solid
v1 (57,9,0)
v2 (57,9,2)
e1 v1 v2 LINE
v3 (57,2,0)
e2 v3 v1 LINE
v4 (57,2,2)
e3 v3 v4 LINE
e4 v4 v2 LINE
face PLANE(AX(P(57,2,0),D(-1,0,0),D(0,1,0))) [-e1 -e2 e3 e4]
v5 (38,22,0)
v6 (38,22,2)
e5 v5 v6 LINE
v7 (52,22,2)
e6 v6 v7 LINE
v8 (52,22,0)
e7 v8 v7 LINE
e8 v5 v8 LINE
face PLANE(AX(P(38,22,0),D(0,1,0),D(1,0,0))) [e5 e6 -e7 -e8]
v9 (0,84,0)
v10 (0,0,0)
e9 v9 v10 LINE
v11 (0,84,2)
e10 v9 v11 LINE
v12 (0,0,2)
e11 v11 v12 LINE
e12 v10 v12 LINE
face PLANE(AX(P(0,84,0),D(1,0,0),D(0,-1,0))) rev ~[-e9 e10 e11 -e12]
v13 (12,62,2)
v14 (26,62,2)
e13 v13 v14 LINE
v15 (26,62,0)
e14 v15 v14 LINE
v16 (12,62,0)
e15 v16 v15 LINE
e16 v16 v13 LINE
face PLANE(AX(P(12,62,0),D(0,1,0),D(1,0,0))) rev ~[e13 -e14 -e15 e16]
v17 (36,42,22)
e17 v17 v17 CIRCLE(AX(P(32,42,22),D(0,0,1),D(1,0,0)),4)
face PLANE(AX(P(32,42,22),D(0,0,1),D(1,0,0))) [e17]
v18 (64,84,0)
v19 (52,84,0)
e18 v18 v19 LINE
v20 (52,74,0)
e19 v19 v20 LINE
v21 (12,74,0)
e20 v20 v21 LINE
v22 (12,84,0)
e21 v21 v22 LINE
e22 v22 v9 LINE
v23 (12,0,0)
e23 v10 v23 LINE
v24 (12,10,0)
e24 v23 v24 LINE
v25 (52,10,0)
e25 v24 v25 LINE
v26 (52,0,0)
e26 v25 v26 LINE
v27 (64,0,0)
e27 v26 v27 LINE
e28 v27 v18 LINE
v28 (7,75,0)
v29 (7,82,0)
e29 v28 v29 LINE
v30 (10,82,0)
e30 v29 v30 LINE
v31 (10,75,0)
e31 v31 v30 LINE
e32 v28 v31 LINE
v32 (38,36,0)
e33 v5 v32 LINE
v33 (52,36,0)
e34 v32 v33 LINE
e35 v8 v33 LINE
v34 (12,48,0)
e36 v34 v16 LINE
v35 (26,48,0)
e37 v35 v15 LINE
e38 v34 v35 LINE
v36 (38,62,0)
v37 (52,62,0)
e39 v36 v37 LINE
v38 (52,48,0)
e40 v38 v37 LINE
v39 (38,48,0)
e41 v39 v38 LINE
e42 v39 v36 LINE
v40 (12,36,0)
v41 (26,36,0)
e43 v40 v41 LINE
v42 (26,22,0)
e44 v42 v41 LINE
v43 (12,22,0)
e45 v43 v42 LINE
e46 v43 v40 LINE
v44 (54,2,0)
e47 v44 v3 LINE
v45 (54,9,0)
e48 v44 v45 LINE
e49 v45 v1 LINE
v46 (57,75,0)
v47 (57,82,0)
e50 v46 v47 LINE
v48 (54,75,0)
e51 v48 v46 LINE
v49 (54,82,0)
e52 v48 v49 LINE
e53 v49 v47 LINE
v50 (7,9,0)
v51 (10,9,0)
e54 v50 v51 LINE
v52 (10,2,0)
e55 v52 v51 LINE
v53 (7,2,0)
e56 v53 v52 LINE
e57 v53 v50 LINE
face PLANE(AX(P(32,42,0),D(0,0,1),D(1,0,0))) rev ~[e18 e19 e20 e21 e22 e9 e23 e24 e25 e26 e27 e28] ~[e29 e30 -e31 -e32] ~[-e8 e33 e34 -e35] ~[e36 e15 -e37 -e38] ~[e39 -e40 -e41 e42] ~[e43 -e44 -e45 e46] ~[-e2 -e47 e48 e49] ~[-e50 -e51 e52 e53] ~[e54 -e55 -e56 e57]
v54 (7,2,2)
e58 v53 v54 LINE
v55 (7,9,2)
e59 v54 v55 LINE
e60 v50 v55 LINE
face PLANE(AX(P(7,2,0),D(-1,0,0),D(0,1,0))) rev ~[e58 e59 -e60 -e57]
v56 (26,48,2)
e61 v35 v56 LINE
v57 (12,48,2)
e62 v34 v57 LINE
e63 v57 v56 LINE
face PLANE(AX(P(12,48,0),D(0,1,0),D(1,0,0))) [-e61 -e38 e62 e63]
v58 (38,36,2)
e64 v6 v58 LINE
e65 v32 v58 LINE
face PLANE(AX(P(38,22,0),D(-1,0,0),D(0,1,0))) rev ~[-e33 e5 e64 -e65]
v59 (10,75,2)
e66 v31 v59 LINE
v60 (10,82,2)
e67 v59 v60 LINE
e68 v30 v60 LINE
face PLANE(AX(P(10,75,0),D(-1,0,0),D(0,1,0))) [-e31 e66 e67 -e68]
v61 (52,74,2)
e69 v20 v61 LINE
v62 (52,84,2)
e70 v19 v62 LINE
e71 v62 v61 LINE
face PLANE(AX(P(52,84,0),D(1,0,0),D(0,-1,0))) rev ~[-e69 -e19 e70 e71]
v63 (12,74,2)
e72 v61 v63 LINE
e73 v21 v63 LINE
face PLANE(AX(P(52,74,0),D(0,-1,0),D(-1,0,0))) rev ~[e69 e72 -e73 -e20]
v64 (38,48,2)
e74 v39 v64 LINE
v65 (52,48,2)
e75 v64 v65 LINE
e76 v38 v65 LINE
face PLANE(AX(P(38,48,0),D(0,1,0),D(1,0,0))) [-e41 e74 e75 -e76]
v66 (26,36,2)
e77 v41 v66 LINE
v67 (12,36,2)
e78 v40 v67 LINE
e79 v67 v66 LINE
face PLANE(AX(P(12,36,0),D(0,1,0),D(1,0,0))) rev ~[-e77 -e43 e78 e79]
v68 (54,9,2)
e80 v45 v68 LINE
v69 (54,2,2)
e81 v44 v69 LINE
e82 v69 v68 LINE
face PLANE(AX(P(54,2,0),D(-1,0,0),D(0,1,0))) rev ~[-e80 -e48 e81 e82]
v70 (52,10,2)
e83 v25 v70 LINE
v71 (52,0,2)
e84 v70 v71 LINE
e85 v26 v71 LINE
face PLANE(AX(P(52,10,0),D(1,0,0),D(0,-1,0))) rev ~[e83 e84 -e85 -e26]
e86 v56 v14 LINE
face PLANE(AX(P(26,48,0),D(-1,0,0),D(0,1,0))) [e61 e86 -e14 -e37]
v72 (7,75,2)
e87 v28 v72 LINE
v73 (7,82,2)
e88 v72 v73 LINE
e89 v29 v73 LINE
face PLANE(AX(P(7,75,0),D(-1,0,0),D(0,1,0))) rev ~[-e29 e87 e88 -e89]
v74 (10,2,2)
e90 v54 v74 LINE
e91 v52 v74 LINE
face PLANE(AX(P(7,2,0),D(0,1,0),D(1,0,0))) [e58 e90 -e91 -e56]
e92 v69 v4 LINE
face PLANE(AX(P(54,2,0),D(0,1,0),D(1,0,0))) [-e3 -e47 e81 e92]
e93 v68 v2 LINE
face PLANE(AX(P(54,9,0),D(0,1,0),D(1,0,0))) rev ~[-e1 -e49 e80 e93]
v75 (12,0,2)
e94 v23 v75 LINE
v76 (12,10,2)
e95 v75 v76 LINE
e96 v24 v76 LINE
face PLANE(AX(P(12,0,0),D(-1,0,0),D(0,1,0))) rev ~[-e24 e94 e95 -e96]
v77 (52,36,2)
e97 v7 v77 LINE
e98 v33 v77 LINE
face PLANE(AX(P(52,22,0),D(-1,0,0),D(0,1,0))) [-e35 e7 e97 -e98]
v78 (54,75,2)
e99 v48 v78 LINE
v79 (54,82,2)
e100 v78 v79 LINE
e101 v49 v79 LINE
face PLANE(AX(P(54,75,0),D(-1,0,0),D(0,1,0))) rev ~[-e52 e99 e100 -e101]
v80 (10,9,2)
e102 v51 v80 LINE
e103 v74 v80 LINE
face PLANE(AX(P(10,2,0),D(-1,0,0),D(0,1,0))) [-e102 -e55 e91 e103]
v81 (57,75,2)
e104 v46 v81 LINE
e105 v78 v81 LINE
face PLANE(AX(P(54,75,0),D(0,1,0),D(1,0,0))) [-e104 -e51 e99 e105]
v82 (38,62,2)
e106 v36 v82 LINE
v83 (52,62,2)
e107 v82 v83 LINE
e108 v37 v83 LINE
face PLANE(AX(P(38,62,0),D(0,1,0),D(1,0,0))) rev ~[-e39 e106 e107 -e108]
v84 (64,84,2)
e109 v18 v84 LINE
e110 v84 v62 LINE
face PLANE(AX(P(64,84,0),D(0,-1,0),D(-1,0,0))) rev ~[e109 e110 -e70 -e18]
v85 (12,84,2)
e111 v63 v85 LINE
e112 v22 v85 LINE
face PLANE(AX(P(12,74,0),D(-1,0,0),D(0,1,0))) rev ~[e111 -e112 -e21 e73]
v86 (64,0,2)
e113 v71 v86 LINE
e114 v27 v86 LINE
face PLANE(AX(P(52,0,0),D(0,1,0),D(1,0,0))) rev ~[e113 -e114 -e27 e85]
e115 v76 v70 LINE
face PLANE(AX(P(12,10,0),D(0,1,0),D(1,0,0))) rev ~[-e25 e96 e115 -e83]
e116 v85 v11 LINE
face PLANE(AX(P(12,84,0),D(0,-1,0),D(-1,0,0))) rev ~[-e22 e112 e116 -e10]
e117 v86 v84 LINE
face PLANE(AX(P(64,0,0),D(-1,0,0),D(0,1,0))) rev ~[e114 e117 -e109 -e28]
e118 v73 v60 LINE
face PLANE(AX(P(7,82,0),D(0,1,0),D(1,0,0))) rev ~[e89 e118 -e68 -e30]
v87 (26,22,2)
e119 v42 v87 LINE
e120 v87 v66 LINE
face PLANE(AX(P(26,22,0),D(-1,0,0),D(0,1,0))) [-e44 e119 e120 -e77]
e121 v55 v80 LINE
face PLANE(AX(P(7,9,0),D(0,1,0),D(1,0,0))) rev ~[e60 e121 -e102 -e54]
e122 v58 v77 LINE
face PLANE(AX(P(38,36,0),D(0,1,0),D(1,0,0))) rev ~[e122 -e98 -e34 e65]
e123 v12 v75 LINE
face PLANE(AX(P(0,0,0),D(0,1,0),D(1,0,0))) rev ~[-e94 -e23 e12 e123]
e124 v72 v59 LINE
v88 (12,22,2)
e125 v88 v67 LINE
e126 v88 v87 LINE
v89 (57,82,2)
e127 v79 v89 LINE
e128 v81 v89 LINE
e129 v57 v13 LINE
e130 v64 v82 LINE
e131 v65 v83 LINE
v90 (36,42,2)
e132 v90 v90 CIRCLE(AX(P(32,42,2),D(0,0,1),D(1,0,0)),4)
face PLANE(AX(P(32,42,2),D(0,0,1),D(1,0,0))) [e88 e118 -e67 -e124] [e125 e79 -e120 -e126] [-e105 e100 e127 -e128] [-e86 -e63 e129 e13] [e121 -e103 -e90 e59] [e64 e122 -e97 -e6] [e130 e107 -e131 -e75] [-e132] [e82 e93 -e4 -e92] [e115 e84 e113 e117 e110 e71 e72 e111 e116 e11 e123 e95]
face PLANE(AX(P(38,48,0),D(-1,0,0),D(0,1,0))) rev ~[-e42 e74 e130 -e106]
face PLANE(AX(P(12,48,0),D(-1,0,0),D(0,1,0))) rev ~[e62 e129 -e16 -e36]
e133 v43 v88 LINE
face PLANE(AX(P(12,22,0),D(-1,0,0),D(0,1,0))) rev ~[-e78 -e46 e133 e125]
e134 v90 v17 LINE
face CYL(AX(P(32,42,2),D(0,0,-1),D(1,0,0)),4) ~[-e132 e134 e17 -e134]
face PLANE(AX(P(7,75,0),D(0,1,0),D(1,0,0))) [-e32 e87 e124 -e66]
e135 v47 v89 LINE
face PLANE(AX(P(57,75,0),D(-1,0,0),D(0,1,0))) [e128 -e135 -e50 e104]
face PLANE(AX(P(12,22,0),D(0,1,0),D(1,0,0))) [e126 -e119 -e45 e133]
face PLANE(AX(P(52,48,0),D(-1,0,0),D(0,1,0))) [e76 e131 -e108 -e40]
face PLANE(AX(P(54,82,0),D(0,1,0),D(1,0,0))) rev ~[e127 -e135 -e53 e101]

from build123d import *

# Parameters (mm, degrees)
SKETCH_W     = 14
SKETCH_H     = 14
SKETCH_W_2   = 3
SKETCH_H_2   = 7
PAD_DEPTH    = 2
SKETCH006_R  = 4
PAD001_DEPTH = 20


with BuildPart() as part:
    # Sketch → Pad (new body)
    with BuildSketch(Plane.XY):
        Polygon((64, 0), (64, 84), (52, 84), (52, 74), (12, 74), (12, 84), (0, 84), (0, 0), (12, 0), (12, 10), (52, 10), (52, 0), align=None)
        with Locations((19, 55)):
            Rectangle(SKETCH_W, SKETCH_H, mode=Mode.SUBTRACT)
        with Locations((45, 55)):
            Rectangle(SKETCH_W, SKETCH_H, mode=Mode.SUBTRACT)
        with Locations((19, 29)):
            Rectangle(SKETCH_W, SKETCH_H, mode=Mode.SUBTRACT)
        with Locations((45, 29)):
            Rectangle(SKETCH_W, SKETCH_H, mode=Mode.SUBTRACT)
        with Locations((8.5, 5.5)):
            Rectangle(SKETCH_W_2, SKETCH_H_2, mode=Mode.SUBTRACT)
        with Locations((55.5, 5.5)):
            Rectangle(SKETCH_W_2, SKETCH_H_2, mode=Mode.SUBTRACT)
        with Locations((55.5, 78.5)):
            Rectangle(SKETCH_W_2, SKETCH_H_2, mode=Mode.SUBTRACT)
        with Locations((8.5, 78.5)):
            Rectangle(SKETCH_W_2, SKETCH_H_2, mode=Mode.SUBTRACT)
    extrude(amount=PAD_DEPTH)

    # Sketch006 → Pad001 (join)
    with BuildSketch(Plane.XY.offset(2)):
        with Locations((32, 42)):
            Circle(SKETCH006_R)
    extrude(amount=PAD001_DEPTH)


solid = part.part
